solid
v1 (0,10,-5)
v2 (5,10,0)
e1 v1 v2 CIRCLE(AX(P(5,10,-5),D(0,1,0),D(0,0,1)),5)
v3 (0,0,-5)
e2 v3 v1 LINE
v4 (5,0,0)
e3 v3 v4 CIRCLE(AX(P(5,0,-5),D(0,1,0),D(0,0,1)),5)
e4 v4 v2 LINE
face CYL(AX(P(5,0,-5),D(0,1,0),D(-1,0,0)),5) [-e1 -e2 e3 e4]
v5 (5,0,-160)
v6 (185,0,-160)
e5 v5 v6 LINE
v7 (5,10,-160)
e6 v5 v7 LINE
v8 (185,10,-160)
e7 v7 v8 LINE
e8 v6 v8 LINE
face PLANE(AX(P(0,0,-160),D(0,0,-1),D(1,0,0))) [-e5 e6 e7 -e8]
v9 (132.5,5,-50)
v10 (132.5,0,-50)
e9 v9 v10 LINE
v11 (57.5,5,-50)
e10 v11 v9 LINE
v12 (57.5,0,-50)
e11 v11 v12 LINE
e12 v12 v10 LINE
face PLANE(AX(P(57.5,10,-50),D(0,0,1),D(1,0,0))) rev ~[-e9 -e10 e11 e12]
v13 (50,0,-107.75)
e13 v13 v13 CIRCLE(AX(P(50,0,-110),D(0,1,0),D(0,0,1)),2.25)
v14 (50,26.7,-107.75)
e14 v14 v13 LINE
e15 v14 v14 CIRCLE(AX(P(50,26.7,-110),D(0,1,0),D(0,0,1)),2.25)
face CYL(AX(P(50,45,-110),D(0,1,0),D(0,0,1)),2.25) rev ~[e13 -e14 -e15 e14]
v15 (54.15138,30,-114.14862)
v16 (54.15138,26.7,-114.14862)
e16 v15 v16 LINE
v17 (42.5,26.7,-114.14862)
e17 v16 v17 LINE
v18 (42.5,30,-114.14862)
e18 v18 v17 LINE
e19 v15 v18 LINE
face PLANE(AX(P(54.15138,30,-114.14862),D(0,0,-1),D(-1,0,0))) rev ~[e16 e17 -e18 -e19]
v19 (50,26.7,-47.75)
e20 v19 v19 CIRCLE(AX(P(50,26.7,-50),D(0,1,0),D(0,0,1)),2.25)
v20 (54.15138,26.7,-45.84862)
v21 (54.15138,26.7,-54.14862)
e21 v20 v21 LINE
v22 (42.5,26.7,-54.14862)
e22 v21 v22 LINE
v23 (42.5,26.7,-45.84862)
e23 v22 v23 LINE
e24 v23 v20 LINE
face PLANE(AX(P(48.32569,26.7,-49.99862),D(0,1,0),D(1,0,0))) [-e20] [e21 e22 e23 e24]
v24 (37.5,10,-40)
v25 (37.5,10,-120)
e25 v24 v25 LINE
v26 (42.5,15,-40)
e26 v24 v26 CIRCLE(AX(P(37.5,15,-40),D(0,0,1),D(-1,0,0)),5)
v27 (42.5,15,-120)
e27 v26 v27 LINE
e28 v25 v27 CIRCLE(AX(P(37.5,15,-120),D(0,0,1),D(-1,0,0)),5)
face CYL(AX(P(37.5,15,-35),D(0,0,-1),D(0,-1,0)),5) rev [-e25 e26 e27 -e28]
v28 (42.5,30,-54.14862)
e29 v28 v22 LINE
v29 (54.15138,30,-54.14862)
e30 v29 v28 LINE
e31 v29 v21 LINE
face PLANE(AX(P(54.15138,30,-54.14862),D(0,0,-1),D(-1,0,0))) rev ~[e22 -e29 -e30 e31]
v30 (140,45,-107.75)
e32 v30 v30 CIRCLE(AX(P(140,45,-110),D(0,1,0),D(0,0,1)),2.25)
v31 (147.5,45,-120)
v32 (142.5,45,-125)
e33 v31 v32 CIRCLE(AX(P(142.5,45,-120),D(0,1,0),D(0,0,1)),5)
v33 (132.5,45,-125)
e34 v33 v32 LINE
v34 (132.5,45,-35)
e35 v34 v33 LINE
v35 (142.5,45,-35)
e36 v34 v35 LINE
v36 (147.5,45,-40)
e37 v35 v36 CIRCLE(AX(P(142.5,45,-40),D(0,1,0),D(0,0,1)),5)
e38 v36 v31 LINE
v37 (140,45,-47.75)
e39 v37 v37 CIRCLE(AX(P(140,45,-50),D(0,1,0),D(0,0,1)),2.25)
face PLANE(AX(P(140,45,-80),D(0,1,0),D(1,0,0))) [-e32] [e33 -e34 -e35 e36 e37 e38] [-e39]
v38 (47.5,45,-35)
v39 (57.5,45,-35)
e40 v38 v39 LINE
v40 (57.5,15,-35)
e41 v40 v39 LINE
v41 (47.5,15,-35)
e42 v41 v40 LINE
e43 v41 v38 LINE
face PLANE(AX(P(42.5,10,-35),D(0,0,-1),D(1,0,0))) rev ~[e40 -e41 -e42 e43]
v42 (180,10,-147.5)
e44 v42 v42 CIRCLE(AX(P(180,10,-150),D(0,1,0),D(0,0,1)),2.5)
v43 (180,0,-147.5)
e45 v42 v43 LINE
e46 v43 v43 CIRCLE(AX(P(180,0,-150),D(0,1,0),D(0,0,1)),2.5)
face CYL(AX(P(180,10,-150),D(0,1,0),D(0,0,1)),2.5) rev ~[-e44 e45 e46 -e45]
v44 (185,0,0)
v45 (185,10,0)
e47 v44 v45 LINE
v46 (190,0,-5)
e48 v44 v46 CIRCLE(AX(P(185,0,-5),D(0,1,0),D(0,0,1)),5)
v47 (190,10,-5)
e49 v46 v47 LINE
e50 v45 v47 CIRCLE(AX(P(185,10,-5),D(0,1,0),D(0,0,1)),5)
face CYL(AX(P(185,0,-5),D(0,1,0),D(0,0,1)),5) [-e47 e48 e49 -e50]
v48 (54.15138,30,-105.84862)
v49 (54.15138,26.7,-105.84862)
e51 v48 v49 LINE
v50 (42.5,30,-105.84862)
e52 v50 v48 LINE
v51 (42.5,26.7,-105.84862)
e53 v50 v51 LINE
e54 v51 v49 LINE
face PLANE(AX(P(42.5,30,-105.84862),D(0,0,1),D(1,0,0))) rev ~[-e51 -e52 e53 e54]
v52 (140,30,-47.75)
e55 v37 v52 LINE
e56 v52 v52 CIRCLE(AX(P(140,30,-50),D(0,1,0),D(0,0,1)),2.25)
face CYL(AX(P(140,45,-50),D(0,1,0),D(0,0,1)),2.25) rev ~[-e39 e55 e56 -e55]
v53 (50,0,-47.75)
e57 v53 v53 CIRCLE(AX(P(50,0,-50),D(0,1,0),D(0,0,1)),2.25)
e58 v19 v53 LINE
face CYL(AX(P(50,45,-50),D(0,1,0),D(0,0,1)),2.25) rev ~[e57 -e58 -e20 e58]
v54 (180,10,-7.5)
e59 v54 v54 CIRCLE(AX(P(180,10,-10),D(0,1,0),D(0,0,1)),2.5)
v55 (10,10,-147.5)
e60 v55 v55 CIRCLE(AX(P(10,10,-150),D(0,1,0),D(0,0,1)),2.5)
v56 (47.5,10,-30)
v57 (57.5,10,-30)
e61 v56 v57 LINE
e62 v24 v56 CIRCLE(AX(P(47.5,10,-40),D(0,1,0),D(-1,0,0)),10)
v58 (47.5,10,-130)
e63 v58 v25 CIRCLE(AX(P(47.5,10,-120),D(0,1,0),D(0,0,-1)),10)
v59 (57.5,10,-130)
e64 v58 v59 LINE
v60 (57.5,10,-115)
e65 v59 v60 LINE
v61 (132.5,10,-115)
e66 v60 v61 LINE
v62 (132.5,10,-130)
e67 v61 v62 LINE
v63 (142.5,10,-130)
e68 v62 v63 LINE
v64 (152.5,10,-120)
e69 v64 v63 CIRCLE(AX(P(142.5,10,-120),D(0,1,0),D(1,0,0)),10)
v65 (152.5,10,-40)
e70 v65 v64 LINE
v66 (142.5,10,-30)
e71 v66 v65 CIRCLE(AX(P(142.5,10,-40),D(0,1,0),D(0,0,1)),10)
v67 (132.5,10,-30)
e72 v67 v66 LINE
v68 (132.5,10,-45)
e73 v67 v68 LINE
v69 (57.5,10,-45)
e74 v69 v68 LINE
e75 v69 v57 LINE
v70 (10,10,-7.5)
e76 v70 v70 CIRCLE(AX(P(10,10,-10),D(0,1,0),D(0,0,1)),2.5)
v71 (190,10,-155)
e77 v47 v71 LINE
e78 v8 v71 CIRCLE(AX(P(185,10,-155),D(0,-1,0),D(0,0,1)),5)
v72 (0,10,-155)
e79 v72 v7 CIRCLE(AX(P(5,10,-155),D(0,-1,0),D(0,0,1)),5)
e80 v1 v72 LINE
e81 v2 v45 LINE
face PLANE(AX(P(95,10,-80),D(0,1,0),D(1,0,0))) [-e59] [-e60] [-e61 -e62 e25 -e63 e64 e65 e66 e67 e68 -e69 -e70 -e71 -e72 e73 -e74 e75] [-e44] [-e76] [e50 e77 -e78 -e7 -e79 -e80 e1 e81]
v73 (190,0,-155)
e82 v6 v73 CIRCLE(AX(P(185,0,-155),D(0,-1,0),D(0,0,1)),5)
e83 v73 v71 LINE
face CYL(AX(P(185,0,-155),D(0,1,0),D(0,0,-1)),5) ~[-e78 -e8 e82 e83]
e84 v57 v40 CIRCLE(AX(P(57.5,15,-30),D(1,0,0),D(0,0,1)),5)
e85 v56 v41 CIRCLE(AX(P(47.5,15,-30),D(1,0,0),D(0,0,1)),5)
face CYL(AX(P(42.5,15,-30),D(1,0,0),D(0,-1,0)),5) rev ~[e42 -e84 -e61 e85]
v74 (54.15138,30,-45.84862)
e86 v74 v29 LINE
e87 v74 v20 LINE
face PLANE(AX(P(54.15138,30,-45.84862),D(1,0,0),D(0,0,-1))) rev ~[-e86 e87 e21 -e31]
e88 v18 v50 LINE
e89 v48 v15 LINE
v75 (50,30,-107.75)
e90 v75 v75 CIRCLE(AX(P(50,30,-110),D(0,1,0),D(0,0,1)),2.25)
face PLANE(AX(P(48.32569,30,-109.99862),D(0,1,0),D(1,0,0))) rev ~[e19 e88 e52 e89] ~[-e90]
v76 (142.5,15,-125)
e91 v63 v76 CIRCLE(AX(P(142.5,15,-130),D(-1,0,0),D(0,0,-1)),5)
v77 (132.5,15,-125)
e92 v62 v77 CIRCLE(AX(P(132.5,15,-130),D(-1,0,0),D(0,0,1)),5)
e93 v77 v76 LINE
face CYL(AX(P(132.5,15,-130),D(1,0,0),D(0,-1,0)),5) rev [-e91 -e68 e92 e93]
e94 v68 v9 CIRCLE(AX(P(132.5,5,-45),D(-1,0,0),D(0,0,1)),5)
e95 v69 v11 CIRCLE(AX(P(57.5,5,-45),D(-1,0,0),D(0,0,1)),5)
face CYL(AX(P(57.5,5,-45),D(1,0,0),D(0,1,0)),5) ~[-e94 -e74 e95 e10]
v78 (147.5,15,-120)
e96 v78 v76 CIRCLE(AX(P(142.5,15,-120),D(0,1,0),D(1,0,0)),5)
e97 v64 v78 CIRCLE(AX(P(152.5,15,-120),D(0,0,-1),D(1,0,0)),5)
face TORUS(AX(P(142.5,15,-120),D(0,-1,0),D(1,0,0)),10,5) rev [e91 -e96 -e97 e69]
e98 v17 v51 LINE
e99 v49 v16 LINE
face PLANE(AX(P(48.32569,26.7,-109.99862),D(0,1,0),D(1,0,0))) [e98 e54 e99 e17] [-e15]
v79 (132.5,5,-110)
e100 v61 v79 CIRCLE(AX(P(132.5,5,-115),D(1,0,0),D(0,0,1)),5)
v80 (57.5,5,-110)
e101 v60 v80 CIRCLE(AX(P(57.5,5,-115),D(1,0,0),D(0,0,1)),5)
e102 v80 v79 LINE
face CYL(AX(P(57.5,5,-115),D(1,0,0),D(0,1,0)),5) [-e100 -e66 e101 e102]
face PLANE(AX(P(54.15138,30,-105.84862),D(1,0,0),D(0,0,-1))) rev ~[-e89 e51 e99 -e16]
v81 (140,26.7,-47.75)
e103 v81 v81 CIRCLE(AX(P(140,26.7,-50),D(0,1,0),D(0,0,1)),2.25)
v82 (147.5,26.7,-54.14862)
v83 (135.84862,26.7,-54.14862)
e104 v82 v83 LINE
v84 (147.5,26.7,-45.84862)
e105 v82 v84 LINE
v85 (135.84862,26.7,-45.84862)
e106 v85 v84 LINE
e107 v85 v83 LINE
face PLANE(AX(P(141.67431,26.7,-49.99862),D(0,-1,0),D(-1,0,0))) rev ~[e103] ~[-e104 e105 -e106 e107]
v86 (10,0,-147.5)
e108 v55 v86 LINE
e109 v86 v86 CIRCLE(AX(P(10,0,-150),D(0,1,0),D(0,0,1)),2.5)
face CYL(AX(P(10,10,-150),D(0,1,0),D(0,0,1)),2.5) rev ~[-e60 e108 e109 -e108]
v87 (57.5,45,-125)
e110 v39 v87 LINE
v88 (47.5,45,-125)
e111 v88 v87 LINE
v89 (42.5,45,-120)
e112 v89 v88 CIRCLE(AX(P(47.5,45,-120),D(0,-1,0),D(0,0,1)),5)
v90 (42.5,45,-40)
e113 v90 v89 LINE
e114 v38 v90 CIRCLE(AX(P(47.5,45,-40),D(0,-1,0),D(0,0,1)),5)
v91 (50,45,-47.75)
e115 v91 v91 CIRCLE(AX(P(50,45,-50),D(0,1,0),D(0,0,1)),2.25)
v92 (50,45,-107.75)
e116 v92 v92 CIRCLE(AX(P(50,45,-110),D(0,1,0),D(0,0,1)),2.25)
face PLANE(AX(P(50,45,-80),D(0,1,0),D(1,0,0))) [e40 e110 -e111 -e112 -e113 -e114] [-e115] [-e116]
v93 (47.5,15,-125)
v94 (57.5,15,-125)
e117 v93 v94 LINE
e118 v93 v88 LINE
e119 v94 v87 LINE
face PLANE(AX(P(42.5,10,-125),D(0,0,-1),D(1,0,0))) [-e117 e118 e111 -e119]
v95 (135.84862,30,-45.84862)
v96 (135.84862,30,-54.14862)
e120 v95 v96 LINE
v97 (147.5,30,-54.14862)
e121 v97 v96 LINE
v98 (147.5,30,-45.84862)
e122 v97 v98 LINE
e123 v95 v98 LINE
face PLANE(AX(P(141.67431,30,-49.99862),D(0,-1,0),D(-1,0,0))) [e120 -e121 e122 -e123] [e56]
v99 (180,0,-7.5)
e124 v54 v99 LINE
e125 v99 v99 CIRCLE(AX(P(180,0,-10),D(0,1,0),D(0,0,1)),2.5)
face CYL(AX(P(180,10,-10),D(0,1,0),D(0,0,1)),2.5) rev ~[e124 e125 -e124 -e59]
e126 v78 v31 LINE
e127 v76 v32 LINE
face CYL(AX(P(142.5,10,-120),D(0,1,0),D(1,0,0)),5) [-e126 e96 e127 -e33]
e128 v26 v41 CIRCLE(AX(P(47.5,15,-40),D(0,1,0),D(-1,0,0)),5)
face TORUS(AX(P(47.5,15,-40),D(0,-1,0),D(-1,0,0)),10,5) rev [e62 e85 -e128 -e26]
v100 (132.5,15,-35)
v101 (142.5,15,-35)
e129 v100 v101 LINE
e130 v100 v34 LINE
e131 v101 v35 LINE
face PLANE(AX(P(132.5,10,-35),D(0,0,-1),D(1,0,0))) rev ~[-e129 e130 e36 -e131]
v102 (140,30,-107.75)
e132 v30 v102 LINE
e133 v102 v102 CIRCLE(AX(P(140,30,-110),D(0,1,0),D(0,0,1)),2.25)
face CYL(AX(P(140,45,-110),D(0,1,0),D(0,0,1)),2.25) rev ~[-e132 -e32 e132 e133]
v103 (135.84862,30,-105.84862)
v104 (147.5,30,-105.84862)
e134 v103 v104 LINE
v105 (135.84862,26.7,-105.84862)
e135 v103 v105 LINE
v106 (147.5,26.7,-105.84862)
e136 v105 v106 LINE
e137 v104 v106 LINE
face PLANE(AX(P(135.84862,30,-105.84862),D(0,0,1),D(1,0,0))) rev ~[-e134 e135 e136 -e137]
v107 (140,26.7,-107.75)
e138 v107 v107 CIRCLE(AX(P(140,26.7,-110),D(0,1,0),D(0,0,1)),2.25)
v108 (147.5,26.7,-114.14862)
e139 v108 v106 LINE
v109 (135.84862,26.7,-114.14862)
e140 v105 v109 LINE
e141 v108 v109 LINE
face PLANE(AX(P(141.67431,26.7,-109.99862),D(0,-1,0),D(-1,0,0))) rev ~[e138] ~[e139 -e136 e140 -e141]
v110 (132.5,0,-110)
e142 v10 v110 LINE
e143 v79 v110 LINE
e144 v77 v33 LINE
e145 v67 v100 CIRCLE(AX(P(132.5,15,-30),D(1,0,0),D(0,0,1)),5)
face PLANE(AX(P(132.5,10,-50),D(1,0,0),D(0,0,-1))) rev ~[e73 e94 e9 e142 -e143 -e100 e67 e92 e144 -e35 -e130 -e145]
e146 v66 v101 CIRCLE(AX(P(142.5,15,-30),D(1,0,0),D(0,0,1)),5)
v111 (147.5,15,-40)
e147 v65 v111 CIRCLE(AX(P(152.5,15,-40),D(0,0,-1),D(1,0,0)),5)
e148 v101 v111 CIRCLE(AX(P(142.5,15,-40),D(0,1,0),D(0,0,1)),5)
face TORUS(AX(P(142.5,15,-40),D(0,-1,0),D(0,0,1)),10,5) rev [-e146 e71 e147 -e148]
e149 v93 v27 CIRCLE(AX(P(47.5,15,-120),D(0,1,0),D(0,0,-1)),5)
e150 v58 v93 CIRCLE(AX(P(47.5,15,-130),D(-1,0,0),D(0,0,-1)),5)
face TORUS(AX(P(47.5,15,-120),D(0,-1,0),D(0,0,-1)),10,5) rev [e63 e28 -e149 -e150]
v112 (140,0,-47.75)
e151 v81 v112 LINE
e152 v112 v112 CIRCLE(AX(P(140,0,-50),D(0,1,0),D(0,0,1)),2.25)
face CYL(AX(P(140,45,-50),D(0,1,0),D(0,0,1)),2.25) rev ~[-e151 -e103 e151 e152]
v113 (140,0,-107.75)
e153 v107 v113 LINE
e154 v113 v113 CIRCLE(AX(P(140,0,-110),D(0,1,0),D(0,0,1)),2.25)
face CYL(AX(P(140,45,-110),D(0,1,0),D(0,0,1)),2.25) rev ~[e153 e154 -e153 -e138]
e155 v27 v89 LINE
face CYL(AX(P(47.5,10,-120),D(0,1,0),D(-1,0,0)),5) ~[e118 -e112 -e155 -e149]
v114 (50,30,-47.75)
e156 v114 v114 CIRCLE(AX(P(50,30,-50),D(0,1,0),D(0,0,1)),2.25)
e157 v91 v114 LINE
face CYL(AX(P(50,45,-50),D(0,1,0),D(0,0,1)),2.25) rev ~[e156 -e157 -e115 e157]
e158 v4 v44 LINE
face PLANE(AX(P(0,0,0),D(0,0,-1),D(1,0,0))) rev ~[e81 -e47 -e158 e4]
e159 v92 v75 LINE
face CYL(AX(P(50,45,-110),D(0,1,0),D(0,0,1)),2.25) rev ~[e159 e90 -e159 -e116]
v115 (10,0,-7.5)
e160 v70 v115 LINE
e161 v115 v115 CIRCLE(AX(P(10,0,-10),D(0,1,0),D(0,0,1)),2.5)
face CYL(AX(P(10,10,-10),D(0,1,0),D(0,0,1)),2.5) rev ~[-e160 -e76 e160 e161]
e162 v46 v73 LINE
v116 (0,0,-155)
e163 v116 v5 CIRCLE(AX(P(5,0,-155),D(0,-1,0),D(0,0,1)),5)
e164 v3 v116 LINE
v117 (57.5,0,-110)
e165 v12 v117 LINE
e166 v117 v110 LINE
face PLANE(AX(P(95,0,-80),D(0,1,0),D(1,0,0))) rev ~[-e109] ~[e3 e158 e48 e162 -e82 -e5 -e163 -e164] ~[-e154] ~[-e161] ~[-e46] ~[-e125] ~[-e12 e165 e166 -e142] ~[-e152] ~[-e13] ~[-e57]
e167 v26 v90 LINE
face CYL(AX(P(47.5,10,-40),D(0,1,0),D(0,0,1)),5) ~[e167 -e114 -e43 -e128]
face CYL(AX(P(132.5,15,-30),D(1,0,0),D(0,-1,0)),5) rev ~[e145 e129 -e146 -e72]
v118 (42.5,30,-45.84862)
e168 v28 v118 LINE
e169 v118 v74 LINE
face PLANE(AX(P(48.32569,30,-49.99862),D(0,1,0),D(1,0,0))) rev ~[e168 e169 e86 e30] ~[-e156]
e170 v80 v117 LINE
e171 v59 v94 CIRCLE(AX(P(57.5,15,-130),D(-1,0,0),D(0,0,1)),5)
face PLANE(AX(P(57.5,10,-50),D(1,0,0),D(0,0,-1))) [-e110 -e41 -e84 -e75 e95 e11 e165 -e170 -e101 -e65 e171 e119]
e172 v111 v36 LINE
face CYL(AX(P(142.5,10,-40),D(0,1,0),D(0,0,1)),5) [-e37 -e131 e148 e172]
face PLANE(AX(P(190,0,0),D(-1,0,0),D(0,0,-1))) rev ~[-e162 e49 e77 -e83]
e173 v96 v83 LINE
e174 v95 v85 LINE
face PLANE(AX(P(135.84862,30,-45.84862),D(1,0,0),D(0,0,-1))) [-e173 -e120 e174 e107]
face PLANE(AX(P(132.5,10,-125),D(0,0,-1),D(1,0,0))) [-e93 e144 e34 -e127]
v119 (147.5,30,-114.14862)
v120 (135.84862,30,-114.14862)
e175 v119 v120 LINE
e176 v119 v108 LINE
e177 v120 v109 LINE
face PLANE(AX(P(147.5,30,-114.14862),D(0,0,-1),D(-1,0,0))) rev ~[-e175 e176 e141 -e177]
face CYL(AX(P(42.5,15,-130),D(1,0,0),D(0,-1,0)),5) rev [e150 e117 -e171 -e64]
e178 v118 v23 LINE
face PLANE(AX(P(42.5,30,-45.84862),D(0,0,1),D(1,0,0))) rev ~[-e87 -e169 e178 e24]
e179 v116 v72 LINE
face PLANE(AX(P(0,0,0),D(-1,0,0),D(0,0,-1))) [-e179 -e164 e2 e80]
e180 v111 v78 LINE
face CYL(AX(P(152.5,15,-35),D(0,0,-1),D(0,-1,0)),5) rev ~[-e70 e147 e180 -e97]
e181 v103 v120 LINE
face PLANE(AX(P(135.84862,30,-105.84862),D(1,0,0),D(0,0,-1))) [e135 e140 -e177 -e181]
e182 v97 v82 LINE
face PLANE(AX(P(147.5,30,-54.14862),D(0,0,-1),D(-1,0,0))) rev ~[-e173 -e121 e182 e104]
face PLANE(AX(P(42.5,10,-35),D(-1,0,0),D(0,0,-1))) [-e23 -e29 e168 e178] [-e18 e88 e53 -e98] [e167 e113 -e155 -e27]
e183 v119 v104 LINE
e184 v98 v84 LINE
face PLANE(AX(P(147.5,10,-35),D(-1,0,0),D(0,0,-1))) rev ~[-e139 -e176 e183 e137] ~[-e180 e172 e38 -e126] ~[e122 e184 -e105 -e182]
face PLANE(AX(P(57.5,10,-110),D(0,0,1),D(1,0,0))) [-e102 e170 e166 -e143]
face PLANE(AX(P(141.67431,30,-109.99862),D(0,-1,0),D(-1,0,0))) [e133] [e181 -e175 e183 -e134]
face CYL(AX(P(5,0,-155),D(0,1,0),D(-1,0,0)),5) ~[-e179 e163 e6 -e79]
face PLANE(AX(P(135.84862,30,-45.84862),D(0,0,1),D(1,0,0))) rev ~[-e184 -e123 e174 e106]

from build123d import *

# Parameters (mm, degrees)
SKETCH1_W           = 190
SKETCH1_H           = 160
BOSS_EXTRUDE1_DEPTH = 10
SKETCH3_W           = 15
SKETCH3_H           = 90
BOSS_EXTRUDE3_DEPTH = 35
SKETCH4_R           = 2.25
CUT_EXTRUDE1_DEPTH  = 50
SKETCH5_W           = 75
SKETCH5_H           = 60
CUT_EXTRUDE2_DEPTH  = 50
SKETCH8_R           = 2.5
CUT_EXTRUDE4_DEPTH  = 10
FILLET1_R           = 5
FILLET2_R           = 5
CUT_EXTRUDE5_DEPTH  = 3.3


with BuildPart() as part:
    # Sketch1 → Boss-Extrude1 (new body)
    with BuildSketch(Plane(origin=(0, 0, 0), x_dir=(1, 0, 0), z_dir=(0, 1, 0))):
        with Locations((95, 80)):
            Rectangle(SKETCH1_W, SKETCH1_H)
    extrude(amount=BOSS_EXTRUDE1_DEPTH)

    # Sketch3 → Boss-Extrude3 (add)
    with BuildSketch(Plane(origin=(0, 10, 0), x_dir=(1, 0, 0), z_dir=(0, 1, 0))):
        with Locations((50, 80)):
            Rectangle(SKETCH3_W, SKETCH3_H)
        with Locations((140, 80)):
            Rectangle(SKETCH3_W, SKETCH3_H)
    extrude(amount=BOSS_EXTRUDE3_DEPTH)

    # Sketch4 → Cut-Extrude1 (cut)
    with BuildSketch(Plane(origin=(0, 45, 0), x_dir=(1, 0, 0), z_dir=(0, 1, 0))):
        with Locations(Location((50, 110, 0), (0, 0, 270))):
            Circle(SKETCH4_R)
        with Locations(Location((140, 110, 0), (0, 0, 270))):
            Circle(SKETCH4_R)
        with Locations(Location((140, 50, 0), (0, 0, 270))):
            Circle(SKETCH4_R)
        with Locations(Location((50, 50, 0), (0, 0, 270))):
            Circle(SKETCH4_R)
    extrude(amount=-CUT_EXTRUDE1_DEPTH, mode=Mode.SUBTRACT)

    # Sketch5 → Cut-Extrude2 (cut)
    with BuildSketch(Plane(origin=(0, 10, 0), x_dir=(1, 0, 0), z_dir=(0, 1, 0))):
        with Locations((95, 80)):
            Rectangle(SKETCH5_W, SKETCH5_H)
    extrude(amount=-CUT_EXTRUDE2_DEPTH, mode=Mode.SUBTRACT)

    # Sketch8 → Cut-Extrude4 (cut)
    with BuildSketch(Plane(origin=(0, 10, 0), x_dir=(1, 0, 0), z_dir=(0, 1, 0))):
        with Locations(Location((10, 150, 0), (0, 0, 270))):
            Circle(SKETCH8_R)
        with Locations(Location((180, 150, 0), (0, 0, 270))):
            Circle(SKETCH8_R)
        with Locations(Location((180, 10, 0), (0, 0, 270))):
            Circle(SKETCH8_R)
        with Locations(Location((10, 10, 0), (0, 0, 270))):
            Circle(SKETCH8_R)
    extrude(amount=-CUT_EXTRUDE4_DEPTH, mode=Mode.SUBTRACT)

    # Fillet1
    fillet1_edges = [part.edges().sort_by_distance(p)[0] for p in [
        (50, 10, -125),
        (42.5, 10, -80),
        (42.5, 27.5, -125),
        (50, 10, -35),
        (42.5, 27.5, -35),
        (147.5, 10, -80),
        (147.5, 27.5, -35),
        (140, 10, -125),
        (147.5, 27.5, -125),
        (140, 10, -35),
        (0, 5, -160),
        (190, 5, -160),
        (190, 5, 0),
        (0, 5, 0),
    ]]
    fillet(fillet1_edges, radius=FILLET1_R)

    # Fillet2
    fillet2_edges = [part.edges().sort_by_distance(p)[0] for p in [
        (95, 10, -50),
        (95, 10, -110),
    ]]
    fillet(fillet2_edges, radius=FILLET2_R)

    # Sketch10 → Cut-Extrude5 (cut)
    with BuildSketch(Plane(origin=(0, 30, 0), x_dir=(1, 0, 0), z_dir=(0, 1, 0))):
        Polygon((45.851380251, 54.148619749), (42.5, 54.148619749), (42.5, 45.848619749), (45.845857409, 45.848619749), (54.151380251, 45.848619749), (54.151380251, 54.148619749), align=None)
        Polygon((42.5, 105.848619749), (45.845857409, 105.848619749), (54.151380251, 105.848619749), (54.151380251, 114.148619749), (45.851380251, 114.148619749), (42.5, 114.148619749), align=None)
        Polygon((147.5, 45.848619749), (144.154142591, 45.848619749), (135.848619749, 45.848619749), (135.848619749, 54.148619749), (144.148619749, 54.148619749), (147.5, 54.148619749), align=None)
        Polygon((147.5, 114.148619749), (147.5, 105.848619749), (144.154142591, 105.848619749), (135.848619749, 105.848619749), (135.848619749, 114.148619749), (144.148619749, 114.148619749), align=None)
    extrude(amount=-CUT_EXTRUDE5_DEPTH, mode=Mode.SUBTRACT)


solid = part.part
